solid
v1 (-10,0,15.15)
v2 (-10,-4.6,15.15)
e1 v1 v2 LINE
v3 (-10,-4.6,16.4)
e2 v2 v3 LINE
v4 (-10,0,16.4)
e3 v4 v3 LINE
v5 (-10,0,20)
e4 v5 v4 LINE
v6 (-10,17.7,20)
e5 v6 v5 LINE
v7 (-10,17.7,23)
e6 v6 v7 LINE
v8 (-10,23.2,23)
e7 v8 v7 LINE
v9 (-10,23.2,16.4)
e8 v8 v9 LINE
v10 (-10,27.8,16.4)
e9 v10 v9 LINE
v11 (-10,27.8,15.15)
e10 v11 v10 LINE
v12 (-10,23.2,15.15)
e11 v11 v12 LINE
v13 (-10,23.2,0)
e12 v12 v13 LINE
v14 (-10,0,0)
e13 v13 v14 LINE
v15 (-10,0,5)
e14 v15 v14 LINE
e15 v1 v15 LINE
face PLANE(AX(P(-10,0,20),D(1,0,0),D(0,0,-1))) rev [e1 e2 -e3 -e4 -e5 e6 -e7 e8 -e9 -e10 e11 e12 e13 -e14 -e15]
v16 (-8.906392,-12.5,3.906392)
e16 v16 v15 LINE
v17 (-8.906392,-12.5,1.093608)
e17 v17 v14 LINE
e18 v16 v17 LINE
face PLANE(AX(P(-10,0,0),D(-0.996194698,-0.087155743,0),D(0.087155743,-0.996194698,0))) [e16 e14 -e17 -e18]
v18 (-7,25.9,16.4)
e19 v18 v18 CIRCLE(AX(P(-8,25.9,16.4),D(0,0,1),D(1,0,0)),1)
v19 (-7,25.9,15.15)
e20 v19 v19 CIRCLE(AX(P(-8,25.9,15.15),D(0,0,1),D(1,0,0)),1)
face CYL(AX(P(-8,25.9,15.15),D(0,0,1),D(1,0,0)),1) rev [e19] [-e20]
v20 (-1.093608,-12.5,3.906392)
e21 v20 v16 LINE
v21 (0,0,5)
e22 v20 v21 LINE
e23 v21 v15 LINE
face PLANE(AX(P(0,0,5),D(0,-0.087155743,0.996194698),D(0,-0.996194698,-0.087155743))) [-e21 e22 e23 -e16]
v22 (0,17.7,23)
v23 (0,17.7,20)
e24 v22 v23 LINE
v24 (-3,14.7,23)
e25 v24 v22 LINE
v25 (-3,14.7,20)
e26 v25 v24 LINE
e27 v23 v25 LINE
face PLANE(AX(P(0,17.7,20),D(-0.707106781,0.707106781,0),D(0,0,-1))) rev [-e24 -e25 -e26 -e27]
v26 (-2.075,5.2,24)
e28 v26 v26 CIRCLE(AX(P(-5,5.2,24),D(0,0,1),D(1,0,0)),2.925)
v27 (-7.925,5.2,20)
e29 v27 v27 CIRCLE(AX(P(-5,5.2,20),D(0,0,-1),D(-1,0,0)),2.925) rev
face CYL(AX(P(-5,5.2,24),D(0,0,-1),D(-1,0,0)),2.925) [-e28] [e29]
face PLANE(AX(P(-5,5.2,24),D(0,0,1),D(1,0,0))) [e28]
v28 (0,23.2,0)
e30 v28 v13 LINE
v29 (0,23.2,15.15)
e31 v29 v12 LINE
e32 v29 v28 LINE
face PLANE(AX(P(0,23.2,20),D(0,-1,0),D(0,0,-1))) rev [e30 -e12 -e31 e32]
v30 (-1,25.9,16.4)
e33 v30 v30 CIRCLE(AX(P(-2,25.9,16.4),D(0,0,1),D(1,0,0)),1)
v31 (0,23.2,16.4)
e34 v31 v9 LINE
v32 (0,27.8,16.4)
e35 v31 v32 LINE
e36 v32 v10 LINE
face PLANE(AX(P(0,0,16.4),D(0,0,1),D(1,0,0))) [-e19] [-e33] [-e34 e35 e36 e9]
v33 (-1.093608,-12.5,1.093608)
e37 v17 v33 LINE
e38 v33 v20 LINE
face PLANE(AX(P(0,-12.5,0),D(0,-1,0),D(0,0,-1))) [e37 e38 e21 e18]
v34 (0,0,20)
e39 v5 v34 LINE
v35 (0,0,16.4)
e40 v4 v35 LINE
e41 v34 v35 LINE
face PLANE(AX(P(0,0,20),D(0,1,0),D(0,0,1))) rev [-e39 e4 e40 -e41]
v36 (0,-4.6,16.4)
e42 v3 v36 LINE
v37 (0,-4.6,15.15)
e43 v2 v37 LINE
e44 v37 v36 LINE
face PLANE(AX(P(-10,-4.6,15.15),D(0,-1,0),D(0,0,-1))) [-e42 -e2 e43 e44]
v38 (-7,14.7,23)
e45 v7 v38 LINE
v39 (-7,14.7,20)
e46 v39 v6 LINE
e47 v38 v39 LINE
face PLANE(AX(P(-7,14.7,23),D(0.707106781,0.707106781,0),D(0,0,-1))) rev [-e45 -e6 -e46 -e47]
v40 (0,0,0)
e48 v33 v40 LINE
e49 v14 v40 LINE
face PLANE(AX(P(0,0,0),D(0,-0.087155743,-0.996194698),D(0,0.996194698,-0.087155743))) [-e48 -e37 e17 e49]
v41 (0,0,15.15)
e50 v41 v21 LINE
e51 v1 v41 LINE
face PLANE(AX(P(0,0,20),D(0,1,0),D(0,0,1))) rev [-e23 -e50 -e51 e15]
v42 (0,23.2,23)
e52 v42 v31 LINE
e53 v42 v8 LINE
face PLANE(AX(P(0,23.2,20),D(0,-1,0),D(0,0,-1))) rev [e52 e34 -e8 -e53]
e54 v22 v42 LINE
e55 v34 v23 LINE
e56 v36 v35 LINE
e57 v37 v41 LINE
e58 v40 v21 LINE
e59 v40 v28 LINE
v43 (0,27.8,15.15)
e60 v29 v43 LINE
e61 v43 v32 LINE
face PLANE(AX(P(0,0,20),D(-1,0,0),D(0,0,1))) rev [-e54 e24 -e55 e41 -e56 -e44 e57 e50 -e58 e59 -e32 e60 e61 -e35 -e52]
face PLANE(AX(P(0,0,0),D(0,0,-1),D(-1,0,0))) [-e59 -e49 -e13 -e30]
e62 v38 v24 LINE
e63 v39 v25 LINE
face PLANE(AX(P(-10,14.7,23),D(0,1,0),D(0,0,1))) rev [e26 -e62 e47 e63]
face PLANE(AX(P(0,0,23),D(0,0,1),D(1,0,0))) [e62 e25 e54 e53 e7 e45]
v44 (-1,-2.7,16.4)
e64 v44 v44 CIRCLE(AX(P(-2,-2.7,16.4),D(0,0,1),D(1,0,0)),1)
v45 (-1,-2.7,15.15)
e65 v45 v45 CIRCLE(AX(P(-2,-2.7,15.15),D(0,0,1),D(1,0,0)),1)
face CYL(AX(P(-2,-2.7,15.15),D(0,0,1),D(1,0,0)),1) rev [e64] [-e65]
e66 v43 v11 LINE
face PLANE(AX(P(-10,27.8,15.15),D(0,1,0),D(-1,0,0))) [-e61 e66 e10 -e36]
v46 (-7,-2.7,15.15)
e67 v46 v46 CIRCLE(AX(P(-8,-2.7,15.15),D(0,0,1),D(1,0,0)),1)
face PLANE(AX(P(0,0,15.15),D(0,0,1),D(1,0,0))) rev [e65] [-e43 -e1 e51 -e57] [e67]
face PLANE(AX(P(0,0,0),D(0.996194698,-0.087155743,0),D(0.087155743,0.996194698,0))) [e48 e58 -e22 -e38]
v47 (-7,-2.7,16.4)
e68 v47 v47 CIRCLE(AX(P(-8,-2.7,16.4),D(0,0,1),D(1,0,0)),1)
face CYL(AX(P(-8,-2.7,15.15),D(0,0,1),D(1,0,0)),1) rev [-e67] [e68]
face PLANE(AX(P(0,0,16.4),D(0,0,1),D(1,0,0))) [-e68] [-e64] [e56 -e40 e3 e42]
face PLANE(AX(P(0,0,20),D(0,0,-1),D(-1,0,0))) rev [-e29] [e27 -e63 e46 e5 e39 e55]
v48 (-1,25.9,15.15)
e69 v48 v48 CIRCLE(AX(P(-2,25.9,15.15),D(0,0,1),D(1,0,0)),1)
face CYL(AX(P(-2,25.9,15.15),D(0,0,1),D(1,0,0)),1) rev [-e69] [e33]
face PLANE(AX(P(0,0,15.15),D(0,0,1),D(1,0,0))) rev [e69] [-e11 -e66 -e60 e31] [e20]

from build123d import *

# Parameters (mm, degrees)
SKETCH1_W           = 23.2
SKETCH1_H           = 10
BOSS_EXTRUDE1_DEPTH = 20
SKETCH2_W           = 10
SKETCH2_H           = 8.5
BOSS_EXTRUDE2_DEPTH = 3
CHAMFER1_SIZE       = 3
SKETCH3_R           = 2.925
BOSS_EXTRUDE3_DEPTH = 4
BOSS_EXTRUDE4_START = -3.6
SKETCH5_W           = 10
SKETCH5_H           = 32.4
BOSS_EXTRUDE4_DEPTH = 1.25
SKETCH6_R           = 1
CUT_EXTRUDE1_DEPTH  = 1.25
SKETCH7_W           = 10
SKETCH7_H           = 5
BOSS_EXTRUDE5_DEPTH = 12.5
BOSS_EXTRUDE5_TAPER = 5


with BuildPart() as part:
    # Sketch1 → Boss-Extrude1 (new body)
    with BuildSketch(Plane(origin=(0, 0, 0), x_dir=(0, 1, 0), z_dir=(0, 0, 1))):
        with Locations((11.6, 5)):
            Rectangle(SKETCH1_W, SKETCH1_H)
    extrude(amount=BOSS_EXTRUDE1_DEPTH)

    # Sketch2 → Boss-Extrude2 (add)
    with BuildSketch(Plane.XY.offset(20)):
        with Locations((-5, 18.95)):
            Rectangle(SKETCH2_W, SKETCH2_H)
    extrude(amount=BOSS_EXTRUDE2_DEPTH)

    # Chamfer1
    chamfer1_edges = [part.edges().sort_by_distance(p)[0] for p in [
        (-10, 14.7, 21.5),
        (0, 14.7, 21.5),
    ]]
    chamfer(chamfer1_edges, length=CHAMFER1_SIZE)

    # Sketch3 → Boss-Extrude3 (add)
    with BuildSketch(Plane.XY.offset(20)):
        with Locations(Location((-5, 5.2, 0), (0, 0, 180))):
            Circle(SKETCH3_R)
    extrude(amount=BOSS_EXTRUDE3_DEPTH)

    # Sketch5 → Boss-Extrude4 (add)
    with BuildSketch(Plane.XY.offset(20).offset(BOSS_EXTRUDE4_START)):
        with Locations((-5, 11.6)):
            Rectangle(SKETCH5_W, SKETCH5_H)
    extrude(amount=-BOSS_EXTRUDE4_DEPTH)

    # Sketch6 → Cut-Extrude1 (cut)
    with BuildSketch(Plane.XY.offset(16.4)):
        with Locations((-8, -2.7)):
            Circle(SKETCH6_R)
        with Locations((-2, -2.7)):
            Circle(SKETCH6_R)
        with Locations((-8, 25.9)):
            Circle(SKETCH6_R)
        with Locations((-2, 25.9)):
            Circle(SKETCH6_R)
    extrude(amount=-CUT_EXTRUDE1_DEPTH, mode=Mode.SUBTRACT)

    # Sketch7 → Boss-Extrude5 (add)
    with BuildSketch(Plane.XZ):
        with Locations((-5, 2.5)):
            Rectangle(SKETCH7_W, SKETCH7_H)
    extrude(amount=BOSS_EXTRUDE5_DEPTH, taper=BOSS_EXTRUDE5_TAPER)


solid = part.part
